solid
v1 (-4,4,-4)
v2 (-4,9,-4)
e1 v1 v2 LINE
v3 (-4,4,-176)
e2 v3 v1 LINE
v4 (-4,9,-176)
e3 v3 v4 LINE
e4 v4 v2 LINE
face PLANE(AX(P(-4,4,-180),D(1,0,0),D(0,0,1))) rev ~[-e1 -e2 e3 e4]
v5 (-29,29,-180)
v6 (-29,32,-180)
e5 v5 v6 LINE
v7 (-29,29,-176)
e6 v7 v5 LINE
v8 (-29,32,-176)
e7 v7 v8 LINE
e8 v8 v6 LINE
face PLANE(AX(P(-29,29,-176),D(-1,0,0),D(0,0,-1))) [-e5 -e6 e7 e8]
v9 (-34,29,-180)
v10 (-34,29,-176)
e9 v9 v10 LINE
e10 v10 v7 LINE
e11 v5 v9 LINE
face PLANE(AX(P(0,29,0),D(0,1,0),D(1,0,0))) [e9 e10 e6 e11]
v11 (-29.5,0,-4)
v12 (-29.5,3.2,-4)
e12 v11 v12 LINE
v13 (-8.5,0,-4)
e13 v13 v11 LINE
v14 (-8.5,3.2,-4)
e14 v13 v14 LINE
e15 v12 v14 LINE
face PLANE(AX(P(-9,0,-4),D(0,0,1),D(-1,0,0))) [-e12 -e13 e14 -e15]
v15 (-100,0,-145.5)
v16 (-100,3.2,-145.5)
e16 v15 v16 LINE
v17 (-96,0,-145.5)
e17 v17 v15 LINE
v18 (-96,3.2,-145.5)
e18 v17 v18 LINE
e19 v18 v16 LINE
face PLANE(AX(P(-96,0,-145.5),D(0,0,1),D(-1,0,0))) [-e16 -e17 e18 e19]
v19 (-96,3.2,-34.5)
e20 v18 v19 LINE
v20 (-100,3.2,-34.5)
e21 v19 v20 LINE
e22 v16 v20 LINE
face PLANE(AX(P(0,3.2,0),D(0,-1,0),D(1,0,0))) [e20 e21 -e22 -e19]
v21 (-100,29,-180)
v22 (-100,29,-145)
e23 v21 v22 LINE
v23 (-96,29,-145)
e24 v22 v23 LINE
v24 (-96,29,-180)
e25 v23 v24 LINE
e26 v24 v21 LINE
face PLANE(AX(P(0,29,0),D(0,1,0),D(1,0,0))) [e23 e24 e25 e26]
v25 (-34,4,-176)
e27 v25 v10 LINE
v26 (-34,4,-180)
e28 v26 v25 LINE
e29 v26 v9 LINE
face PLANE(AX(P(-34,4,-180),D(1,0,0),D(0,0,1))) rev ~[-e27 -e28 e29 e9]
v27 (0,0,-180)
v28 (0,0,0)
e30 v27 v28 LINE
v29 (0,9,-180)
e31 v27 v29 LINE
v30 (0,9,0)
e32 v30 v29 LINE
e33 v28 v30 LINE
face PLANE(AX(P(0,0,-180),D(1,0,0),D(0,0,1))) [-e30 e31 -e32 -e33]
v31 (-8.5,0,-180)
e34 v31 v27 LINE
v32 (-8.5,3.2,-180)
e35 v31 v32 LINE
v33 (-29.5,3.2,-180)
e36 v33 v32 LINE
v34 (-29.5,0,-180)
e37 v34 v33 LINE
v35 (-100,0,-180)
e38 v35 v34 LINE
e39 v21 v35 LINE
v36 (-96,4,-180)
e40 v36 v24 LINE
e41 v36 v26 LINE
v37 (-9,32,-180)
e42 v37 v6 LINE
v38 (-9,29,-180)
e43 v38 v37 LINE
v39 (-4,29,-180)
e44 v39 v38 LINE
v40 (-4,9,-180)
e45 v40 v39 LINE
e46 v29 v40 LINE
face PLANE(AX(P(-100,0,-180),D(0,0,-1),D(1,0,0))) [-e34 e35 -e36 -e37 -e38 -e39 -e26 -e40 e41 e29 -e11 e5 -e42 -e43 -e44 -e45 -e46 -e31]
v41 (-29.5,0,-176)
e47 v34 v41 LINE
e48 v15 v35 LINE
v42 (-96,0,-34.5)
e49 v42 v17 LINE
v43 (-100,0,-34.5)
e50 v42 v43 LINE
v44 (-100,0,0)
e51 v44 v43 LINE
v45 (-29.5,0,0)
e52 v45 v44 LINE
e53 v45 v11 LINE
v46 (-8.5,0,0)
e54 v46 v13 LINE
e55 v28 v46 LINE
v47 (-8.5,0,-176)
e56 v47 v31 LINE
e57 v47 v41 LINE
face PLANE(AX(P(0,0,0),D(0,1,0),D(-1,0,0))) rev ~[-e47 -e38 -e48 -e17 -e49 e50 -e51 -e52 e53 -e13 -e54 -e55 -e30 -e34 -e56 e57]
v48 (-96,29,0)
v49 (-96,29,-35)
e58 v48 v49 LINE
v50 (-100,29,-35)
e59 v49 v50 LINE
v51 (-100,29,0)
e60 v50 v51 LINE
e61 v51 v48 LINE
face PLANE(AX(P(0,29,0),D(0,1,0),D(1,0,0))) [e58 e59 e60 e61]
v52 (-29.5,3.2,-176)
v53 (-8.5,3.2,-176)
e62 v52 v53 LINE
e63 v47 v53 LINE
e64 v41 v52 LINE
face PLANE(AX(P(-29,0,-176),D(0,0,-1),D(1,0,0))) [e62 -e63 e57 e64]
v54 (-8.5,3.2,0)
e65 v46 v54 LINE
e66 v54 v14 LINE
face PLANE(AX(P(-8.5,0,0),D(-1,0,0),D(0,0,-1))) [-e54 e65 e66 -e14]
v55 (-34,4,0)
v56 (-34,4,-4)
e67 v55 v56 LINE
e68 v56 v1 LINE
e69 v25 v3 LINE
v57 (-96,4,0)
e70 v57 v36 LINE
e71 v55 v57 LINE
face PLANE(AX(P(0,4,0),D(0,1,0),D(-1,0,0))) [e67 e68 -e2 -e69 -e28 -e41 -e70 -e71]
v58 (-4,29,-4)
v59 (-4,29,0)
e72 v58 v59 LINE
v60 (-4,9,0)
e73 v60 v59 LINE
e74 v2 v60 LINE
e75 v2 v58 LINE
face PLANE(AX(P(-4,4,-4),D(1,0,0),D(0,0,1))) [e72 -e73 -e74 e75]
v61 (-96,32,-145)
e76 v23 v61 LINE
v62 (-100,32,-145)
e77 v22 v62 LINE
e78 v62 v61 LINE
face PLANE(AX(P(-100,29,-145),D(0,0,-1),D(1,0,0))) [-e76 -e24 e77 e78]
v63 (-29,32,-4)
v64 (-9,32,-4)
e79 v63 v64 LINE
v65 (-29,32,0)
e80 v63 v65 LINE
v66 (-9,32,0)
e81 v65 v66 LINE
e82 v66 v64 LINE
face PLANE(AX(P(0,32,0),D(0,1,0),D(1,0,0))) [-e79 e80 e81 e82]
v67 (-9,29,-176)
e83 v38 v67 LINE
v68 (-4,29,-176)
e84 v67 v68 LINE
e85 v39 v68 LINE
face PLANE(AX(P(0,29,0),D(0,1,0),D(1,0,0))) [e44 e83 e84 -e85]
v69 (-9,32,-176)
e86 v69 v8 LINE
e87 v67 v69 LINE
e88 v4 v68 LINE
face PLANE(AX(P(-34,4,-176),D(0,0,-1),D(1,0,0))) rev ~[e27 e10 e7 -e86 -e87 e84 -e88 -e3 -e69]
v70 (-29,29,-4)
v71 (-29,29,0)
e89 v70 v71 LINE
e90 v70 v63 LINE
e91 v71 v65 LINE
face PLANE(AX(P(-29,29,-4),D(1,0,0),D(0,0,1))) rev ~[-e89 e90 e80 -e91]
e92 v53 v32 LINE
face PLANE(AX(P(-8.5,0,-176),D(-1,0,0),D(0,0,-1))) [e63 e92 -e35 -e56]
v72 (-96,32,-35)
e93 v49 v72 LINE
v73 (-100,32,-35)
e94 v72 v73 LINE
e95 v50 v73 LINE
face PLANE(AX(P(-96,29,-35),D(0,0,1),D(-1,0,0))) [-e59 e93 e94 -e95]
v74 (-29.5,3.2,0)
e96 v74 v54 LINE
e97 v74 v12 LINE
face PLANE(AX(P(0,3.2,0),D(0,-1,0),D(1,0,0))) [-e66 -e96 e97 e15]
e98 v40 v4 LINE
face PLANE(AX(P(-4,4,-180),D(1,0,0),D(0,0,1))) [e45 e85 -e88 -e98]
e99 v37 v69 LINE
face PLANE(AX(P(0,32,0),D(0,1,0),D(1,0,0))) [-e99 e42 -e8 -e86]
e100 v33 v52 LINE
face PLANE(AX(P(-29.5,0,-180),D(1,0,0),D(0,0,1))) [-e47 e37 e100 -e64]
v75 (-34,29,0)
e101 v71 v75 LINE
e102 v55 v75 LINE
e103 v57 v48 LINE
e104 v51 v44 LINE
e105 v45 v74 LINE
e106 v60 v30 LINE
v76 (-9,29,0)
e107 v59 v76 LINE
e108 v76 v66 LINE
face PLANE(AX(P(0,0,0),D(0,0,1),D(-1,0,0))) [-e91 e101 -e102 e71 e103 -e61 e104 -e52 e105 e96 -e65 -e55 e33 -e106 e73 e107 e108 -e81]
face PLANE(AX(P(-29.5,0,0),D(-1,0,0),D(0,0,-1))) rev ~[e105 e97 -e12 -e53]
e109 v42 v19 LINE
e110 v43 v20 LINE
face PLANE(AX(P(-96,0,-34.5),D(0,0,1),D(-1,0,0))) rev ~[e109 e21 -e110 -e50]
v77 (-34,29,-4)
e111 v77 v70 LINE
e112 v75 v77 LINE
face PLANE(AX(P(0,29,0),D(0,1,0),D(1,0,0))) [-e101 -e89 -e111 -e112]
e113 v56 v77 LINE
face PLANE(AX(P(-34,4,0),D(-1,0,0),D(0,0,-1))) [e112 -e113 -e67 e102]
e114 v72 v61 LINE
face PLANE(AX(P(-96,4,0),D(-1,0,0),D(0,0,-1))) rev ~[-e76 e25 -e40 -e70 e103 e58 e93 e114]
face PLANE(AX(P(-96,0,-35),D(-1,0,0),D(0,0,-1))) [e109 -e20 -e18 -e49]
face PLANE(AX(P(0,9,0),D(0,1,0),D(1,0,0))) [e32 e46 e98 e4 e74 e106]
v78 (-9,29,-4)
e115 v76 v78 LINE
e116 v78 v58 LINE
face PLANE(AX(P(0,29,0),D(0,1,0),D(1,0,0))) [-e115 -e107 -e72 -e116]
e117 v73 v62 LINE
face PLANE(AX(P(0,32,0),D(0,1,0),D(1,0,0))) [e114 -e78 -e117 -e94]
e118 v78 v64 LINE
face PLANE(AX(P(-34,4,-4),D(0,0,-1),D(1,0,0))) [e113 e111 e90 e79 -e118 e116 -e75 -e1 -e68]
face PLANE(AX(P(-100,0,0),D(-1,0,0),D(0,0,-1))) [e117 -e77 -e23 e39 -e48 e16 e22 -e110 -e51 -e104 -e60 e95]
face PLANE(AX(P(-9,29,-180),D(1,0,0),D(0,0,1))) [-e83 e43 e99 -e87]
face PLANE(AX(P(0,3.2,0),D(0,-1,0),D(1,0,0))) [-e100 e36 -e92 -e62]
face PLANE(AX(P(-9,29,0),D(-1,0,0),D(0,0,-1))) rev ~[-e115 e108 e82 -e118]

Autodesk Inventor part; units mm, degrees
ref_plane "YZ Plane" through (0, 0, 0) normal (1, 0, 0) x (0, 1, 0)
ref_plane "XZ Plane" through (0, 0, 0) normal (0, 1, 0) x (-1, 0, 0)
ref_plane "XY Plane" through (0, 0, 0) normal (0, 0, 1) x (1, 0, 0)
sketch "Sketch1" plane through (0, 0, 0) normal (0, 1, 0) x (-1, 0, 0)
  line L0 (0, 0) -> (100, 0)
  line L1 (100, 0) -> (100, -180)
  line L2 (100, -180) -> (0, -180)
  line L3 (0, -180) -> (0, 0)
  dimension "d0" = 100
  dimension "d1" = 180
extrude "Extrusion1" add sketch "Sketch1" along normal blind 4
sketch "Sketch2" plane through (0, 4, 0) normal (0, 1, 0) x (1, 0, 0)
  line L0 (-100, 180) -> (-100, 0) projected
  line L1 (0, 180) -> (-100, 180) projected
  line L2 (-100, 0) -> (-96, 0)
  line L3 (-96, 0) -> (-96, 180)
  line L4 (-96, 180) -> (-100, 180)
  line L5 (-100, 180) -> (-100, 0)
  line L6 (0, 180) -> (-4, 180)
  line L7 (-4, 180) -> (-4, 0)
  line L8 (-4, 0) -> (0, 0)
  line L9 (0, 0) -> (0, 180)
  dimension "d4" = 4
  dimension "d5" = 4
extrude "Extrusion2" add sketch "Sketch2" along normal blind 5 contours L1 L9 L8 L7
sketch "Sketch3" plane through (0, 4, 0) normal (0, 1, 0) x (1, 0, 0)
  line L0 (-4, 180) -> (-4, 0) projected
  line L1 (-4, 0) -> (-34, 0)
  line L2 (-34, 0) -> (-34, 4)
  line L3 (-34, 4) -> (-4, 4)
  line L4 (-4, 4) -> (-4, 0)
  line L5 (-4, 180) -> (-100, 180) projected
  line L6 (-4, 180) -> (-34, 180)
  line L7 (-34, 180) -> (-34, 176)
  line L8 (-34, 176) -> (-4, 176)
  line L9 (-4, 176) -> (-4, 180)
  line L10 (-100, 0) -> (0, 0) projected
  line L11 (-100, 0) -> (-96, 0)
  line L12 (-96, 0) -> (-96, 180)
  line L13 (-96, 180) -> (-100, 180)
  line L14 (-100, 180) -> (-100, 0)
  point P0 (-4, 176)
  point P1 (-4, 4)
  dimension "d8" = 30
  dimension "d9" = 4
  dimension "d10" = 4
  dimension "d11" = 4
extrude "Extrusion3" add sketch "Sketch3" along normal blind 25 contours L0 L8 L7 L5 | L0 L1 L2 L3 | L12 L10 L14 L5
sketch "Sketch4" plane through (0, 29, 0) normal (0, 1, 0) x (1, 0, 0)
  line L0 (-100, 0) -> (-96, 0) projected
  line L1 (-96, 0) -> (-96, 180) projected
  line L2 (-96, 180) -> (-100, 180) projected
  line L3 (-100, 180) -> (-100, 0) projected
  line L4 (-4, 176) -> (-4, 180) projected
  line L5 (-4, 180) -> (-34, 180) projected
  line L6 (-34, 180) -> (-34, 176) projected
  line L7 (-34, 176) -> (-4, 176) projected
  line L8 (-34, 0) -> (-4, 0) projected
  line L9 (-34, 4) -> (-34, 0) projected
  line L10 (-34, 0) -> (-4, 0) projected
  line L11 (-4, 0) -> (-4, 4) projected
  line L12 (-4, 4) -> (-34, 4) projected
  line L13 (-100, 90) -> (-100, 145)
  line L14 (-100, 145) -> (-96, 145)
  line L15 (-96, 145) -> (-96, 35)
  line L16 (-96, 0) -> (-96, 180) projected
  line L17 (-96, 35) -> (-100, 35)
  line L18 (-100, 35) -> (-100, 90)
  line L19 (-4, 176) -> (-34, 176) projected
  line L20 (-19, 176) -> (-29, 176)
  line L21 (-29, 176) -> (-29, 180)
  line L22 (-29, 180) -> (-9, 180)
  line L23 (0, 180) -> (-100, 180) projected
  line L24 (-9, 180) -> (-9, 176)
  line L25 (-19, 176) -> (-9, 176)
  line L26 (-19, 4) -> (-29, 4)
  line L27 (-29, 4) -> (-29, 0)
  line L28 (-29, 0) -> (-9, 0)
  line L29 (-9, 0) -> (-9, 4)
  line L30 (-4, 4) -> (-34, 4) projected
  line L31 (-9, 4) -> (-19, 4)
  point P0 (0, 0)
  dimension "d14" = 55
  dimension "d15" = 110
  dimension "d16" = 10
  dimension "d17" = 20
extrude "Extrusion4" add sketch "Sketch4" along normal blind 3 contours L3 L14 L1 L17 | L5 L24 L7 L21 | L27 L12 L29 L8
sketch "Sketch5" plane through (0, 0, 0) normal (0, -1, 0) x (1, 0, 0)
  line L0 (-9, -4) -> (-29, -4) projected
  line L1 (-29, -4) -> (-29, 0) projected
  line L2 (-29, 0) -> (-9, 0) projected
  line L3 (-9, 0) -> (-9, -4) projected
  line L4 (-9, -180) -> (-29, -180) projected
  line L5 (-29, -180) -> (-29, -176) projected
  line L6 (-29, -176) -> (-9, -176) projected
  line L7 (-9, -176) -> (-9, -180) projected
  line L8 (-96, -35) -> (-96, -145) projected
  line L9 (-96, -145) -> (-100, -145) projected
  line L10 (-100, -145) -> (-100, -35) projected
  line L11 (-100, -35) -> (-96, -35) projected
  line L12 (-96, -180) -> (-96, 0) projected
  line L13 (-100, -35) -> (-96, -35)
  line L14 (-96, -35) -> (-96, -34.5)
  line L15 (-96, -34.5) -> (-100, -34.5)
  line L16 (-100, -34.5) -> (-100, -35)
  line L17 (-100, -145) -> (-96, -145)
  line L18 (-96, -145) -> (-96, -145.5)
  line L19 (-96, -145.5) -> (-100, -145.5)
  line L20 (-100, -145.5) -> (-100, -145)
  line L21 (-4, -176) -> (-34, -176) projected
  line L22 (-29, -180) -> (-29.5, -180)
  line L23 (-29.5, -180) -> (-29.5, -176)
  line L24 (-29.5, -176) -> (-29, -176)
  line L25 (-29, -176) -> (-29, -180)
  line L26 (-9, -176) -> (-8.5, -176)
  line L27 (-8.5, -176) -> (-8.5, -180)
  line L28 (-8.5, -180) -> (-9, -180)
  line L29 (-9, -180) -> (-9, -176)
  line L30 (-34, -4) -> (-4, -4) projected
  line L31 (-29, 0) -> (-29.5, 0)
  line L32 (-29.5, 0) -> (-29.5, -4)
  line L33 (-29.5, -4) -> (-29, -4)
  line L34 (-29, -4) -> (-29, 0)
  line L35 (-9, 0) -> (-8.5, 0)
  line L36 (-8.5, 0) -> (-8.5, -4)
  line L37 (-8.5, -4) -> (-9, -4)
  line L38 (-9, -4) -> (-9, 0)
  point P0 (0, 0)
  dimension "d22" = 0.5
  dimension "d23" = 0.5
  dimension "d24" = 0.5
  dimension "d25" = 0.5
  dimension "d26" = 0.5
  dimension "d27" = 0.5
extrude "Extrusion5" cut sketch "Sketch5" against normal blind 3.2
properties part number "caja_attiny"
